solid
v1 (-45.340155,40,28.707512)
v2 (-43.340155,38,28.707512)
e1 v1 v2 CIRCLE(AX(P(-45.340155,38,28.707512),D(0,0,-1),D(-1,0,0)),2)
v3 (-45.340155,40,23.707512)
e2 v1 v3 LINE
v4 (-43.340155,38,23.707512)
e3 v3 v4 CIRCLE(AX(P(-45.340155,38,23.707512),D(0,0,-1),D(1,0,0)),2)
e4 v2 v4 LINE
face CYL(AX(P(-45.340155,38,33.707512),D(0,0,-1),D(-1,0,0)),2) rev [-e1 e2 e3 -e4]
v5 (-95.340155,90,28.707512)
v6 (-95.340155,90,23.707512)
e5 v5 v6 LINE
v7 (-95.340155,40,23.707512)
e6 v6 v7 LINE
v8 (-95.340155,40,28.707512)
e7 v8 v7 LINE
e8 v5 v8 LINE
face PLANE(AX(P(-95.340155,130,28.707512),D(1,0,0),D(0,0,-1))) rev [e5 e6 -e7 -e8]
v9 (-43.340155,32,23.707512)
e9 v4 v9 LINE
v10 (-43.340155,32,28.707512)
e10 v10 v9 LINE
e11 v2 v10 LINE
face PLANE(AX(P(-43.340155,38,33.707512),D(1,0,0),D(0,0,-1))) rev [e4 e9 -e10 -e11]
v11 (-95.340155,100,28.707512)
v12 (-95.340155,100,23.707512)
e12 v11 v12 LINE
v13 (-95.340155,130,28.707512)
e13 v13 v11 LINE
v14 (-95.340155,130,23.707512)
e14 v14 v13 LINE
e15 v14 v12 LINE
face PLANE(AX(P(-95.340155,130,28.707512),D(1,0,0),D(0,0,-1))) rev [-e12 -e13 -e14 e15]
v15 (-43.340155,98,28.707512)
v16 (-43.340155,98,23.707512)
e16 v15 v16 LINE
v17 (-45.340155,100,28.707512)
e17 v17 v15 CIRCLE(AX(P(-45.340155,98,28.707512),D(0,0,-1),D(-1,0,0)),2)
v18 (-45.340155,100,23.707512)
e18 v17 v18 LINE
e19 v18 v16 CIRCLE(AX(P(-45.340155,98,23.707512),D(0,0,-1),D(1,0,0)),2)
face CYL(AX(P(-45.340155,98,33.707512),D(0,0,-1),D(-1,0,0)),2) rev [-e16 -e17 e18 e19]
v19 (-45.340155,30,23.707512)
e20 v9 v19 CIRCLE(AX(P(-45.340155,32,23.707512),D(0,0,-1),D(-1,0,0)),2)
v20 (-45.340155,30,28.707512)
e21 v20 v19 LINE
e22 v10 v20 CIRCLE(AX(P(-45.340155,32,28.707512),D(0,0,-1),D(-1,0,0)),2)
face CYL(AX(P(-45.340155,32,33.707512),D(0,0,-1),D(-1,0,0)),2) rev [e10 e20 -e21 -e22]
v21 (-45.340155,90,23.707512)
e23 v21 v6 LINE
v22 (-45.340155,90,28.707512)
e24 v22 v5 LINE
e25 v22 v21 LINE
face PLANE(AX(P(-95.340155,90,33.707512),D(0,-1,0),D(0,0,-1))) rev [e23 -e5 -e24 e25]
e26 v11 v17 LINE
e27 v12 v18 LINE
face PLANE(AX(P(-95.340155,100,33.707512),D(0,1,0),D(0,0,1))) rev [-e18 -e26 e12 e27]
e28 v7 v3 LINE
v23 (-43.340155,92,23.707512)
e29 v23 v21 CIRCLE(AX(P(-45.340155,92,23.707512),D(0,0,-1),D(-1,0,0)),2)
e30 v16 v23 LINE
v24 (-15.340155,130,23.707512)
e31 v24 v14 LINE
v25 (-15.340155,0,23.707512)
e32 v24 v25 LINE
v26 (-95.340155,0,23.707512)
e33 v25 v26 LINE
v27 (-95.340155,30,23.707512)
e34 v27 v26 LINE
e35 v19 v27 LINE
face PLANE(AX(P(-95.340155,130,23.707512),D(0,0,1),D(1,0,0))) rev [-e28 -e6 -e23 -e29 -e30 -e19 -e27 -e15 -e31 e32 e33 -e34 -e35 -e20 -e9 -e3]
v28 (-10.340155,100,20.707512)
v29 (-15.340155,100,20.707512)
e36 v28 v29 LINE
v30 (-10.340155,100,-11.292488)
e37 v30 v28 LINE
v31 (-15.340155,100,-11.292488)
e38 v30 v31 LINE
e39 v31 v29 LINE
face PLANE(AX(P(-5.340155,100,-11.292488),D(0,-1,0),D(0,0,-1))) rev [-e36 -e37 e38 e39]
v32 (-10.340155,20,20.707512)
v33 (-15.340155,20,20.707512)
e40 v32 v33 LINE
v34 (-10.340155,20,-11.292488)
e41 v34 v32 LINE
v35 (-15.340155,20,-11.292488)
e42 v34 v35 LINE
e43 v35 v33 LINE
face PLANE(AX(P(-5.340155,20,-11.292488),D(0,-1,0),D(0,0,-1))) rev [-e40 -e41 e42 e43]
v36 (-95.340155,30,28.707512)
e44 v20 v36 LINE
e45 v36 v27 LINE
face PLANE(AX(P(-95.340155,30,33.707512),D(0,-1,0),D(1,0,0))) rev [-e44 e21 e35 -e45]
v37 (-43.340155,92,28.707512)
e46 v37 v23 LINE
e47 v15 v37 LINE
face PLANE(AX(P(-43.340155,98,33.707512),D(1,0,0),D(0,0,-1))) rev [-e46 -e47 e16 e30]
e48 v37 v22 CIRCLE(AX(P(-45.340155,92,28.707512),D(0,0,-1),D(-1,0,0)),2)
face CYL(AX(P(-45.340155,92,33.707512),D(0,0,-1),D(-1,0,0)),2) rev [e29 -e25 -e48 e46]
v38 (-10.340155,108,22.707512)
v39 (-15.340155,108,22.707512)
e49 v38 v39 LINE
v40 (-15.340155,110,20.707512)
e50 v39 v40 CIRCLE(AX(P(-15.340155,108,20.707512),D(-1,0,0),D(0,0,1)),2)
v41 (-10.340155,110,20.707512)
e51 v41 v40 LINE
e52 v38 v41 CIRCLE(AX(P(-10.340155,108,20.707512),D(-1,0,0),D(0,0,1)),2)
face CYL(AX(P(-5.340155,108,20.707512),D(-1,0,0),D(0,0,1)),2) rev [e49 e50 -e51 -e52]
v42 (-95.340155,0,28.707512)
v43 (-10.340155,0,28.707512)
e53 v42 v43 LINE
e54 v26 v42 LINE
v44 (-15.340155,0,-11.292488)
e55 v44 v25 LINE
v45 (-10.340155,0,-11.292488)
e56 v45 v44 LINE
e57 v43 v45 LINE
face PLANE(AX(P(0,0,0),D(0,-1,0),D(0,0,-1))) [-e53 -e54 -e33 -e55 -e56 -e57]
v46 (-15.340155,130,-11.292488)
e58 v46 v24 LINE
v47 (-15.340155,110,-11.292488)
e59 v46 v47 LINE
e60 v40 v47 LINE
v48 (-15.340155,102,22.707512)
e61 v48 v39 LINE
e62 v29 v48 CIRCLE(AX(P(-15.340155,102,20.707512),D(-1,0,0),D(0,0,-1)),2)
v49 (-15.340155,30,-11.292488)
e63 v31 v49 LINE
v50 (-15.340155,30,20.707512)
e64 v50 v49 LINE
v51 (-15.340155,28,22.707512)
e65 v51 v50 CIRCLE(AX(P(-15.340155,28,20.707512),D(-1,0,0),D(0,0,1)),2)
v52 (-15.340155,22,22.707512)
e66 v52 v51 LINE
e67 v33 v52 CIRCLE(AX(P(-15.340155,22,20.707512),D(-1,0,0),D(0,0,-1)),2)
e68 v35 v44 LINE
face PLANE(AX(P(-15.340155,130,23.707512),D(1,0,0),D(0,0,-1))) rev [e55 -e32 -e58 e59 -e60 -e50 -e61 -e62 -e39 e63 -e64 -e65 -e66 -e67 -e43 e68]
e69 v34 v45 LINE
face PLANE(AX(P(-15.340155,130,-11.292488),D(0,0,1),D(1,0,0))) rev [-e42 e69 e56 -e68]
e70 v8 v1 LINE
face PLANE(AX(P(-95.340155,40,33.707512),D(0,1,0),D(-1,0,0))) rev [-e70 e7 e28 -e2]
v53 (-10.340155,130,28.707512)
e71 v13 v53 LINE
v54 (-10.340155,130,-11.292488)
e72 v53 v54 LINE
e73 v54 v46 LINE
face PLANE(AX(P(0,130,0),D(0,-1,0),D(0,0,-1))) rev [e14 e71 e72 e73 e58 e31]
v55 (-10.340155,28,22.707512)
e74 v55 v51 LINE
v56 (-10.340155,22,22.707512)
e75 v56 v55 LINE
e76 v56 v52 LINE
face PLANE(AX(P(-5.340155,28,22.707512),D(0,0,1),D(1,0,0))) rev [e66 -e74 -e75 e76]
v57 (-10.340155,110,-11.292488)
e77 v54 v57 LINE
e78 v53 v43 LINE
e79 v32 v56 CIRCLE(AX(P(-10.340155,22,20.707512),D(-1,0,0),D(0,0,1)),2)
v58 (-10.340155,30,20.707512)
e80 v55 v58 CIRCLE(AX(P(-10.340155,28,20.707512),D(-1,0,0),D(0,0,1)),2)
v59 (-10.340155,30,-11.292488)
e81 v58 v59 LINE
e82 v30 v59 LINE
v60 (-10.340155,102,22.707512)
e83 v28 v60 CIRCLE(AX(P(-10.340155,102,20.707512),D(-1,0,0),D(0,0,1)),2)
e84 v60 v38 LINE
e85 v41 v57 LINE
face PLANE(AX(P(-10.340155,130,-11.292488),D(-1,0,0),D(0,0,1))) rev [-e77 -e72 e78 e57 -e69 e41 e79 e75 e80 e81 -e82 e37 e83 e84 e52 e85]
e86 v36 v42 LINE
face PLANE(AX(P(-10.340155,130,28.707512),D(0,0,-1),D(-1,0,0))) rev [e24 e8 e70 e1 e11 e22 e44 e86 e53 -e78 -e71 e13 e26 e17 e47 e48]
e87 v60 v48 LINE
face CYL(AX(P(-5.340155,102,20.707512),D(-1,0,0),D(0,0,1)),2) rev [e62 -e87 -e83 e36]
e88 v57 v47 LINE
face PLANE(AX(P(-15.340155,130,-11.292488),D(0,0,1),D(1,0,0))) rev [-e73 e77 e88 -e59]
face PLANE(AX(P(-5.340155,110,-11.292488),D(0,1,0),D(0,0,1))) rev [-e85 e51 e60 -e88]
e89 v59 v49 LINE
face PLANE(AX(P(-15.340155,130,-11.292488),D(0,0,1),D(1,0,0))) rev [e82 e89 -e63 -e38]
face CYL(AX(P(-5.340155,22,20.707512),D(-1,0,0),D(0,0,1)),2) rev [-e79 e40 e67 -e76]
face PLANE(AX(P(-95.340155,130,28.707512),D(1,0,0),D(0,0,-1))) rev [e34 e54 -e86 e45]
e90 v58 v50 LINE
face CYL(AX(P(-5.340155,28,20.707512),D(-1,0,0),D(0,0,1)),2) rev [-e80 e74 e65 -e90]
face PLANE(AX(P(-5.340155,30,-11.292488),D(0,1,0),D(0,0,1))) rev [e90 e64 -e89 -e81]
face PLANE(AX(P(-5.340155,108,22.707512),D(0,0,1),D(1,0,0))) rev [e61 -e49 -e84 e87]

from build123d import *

# Parameters (mm, degrees)
BOSS_EXTRUDE1_DEPTH = 130
CUT_EXTRUDE1_DEPTH  = 10
CUT_EXTRUDE2_DEPTH  = 10


with BuildPart() as part:
    # Sketch1 → Boss-Extrude1 (new body)
    with BuildSketch(Plane(origin=(0, 0, 0), x_dir=(1, 0, 0), z_dir=(0, 1, 0))):
        Polygon((-95.340155061, -23.707512367), (-15.340155061, -23.707512367), (-15.340155061, 11.292487633), (-10.340155061, 11.292487633), (-10.340155061, -28.707512367), (-95.340155061, -28.707512367), align=None)
    extrude(amount=BOSS_EXTRUDE1_DEPTH)

    # Sketch2 → Cut-Extrude1 (cut)
    with BuildSketch(Plane.ZY.offset(15.340155061)):
        with BuildLine():
            Line((-11.292487633, 110), (20.707512367, 110))
            ThreePointArc((20.707512367, 110), (22.121725929, 109.414213562), (22.707512367, 108))
            Line((22.707512367, 108), (22.707512367, 102))
            ThreePointArc((22.707512367, 102), (22.121725929, 100.585786438), (20.707512367, 100))
            Line((20.707512367, 100), (-11.292487633, 100))
            Line((-11.292487633, 100), (-11.292487633, 110))
        make_face()
        with BuildLine():
            Line((-11.292487633, 30), (20.707512367, 30))
            ThreePointArc((20.707512367, 30), (22.121725929, 29.414213562), (22.707512367, 28))
            Line((22.707512367, 28), (22.707512367, 22))
            ThreePointArc((22.707512367, 22), (22.121725929, 20.585786438), (20.707512367, 20))
            Line((20.707512367, 20), (-11.292487633, 20))
            Line((-11.292487633, 20), (-11.292487633, 30))
        make_face()
    extrude(amount=-CUT_EXTRUDE1_DEPTH, mode=Mode.SUBTRACT)

    # Sketch3 → Cut-Extrude2 (cut)
    with BuildSketch(Plane(origin=(0, 0, 23.707512367), x_dir=(-1, 0, 0), z_dir=(0, 0, -1))):
        with BuildLine():
            Line((95.340155061, 100), (45.340155061, 100))
            ThreePointArc((45.340155061, 100), (43.925941499, 99.414213562), (43.340155061, 98))
            Line((43.340155061, 98), (43.340155061, 92))
            ThreePointArc((43.340155061, 92), (43.925941499, 90.585786438), (45.340155061, 90))
            Line((45.340155061, 90), (95.340155061, 90))
            Line((95.340155061, 90), (95.340155061, 100))
        make_face()
        with BuildLine():
            Line((95.340155061, 40), (45.340155061, 40))
            ThreePointArc((45.340155061, 40), (43.925941499, 39.414213562), (43.340155061, 38))
            Line((43.340155061, 38), (43.340155061, 32))
            ThreePointArc((43.340155061, 32), (43.925941499, 30.585786438), (45.340155061, 30))
            Line((45.340155061, 30), (95.340155061, 30))
            Line((95.340155061, 30), (95.340155061, 40))
        make_face()
    extrude(amount=-CUT_EXTRUDE2_DEPTH, mode=Mode.SUBTRACT)


solid = part.part
